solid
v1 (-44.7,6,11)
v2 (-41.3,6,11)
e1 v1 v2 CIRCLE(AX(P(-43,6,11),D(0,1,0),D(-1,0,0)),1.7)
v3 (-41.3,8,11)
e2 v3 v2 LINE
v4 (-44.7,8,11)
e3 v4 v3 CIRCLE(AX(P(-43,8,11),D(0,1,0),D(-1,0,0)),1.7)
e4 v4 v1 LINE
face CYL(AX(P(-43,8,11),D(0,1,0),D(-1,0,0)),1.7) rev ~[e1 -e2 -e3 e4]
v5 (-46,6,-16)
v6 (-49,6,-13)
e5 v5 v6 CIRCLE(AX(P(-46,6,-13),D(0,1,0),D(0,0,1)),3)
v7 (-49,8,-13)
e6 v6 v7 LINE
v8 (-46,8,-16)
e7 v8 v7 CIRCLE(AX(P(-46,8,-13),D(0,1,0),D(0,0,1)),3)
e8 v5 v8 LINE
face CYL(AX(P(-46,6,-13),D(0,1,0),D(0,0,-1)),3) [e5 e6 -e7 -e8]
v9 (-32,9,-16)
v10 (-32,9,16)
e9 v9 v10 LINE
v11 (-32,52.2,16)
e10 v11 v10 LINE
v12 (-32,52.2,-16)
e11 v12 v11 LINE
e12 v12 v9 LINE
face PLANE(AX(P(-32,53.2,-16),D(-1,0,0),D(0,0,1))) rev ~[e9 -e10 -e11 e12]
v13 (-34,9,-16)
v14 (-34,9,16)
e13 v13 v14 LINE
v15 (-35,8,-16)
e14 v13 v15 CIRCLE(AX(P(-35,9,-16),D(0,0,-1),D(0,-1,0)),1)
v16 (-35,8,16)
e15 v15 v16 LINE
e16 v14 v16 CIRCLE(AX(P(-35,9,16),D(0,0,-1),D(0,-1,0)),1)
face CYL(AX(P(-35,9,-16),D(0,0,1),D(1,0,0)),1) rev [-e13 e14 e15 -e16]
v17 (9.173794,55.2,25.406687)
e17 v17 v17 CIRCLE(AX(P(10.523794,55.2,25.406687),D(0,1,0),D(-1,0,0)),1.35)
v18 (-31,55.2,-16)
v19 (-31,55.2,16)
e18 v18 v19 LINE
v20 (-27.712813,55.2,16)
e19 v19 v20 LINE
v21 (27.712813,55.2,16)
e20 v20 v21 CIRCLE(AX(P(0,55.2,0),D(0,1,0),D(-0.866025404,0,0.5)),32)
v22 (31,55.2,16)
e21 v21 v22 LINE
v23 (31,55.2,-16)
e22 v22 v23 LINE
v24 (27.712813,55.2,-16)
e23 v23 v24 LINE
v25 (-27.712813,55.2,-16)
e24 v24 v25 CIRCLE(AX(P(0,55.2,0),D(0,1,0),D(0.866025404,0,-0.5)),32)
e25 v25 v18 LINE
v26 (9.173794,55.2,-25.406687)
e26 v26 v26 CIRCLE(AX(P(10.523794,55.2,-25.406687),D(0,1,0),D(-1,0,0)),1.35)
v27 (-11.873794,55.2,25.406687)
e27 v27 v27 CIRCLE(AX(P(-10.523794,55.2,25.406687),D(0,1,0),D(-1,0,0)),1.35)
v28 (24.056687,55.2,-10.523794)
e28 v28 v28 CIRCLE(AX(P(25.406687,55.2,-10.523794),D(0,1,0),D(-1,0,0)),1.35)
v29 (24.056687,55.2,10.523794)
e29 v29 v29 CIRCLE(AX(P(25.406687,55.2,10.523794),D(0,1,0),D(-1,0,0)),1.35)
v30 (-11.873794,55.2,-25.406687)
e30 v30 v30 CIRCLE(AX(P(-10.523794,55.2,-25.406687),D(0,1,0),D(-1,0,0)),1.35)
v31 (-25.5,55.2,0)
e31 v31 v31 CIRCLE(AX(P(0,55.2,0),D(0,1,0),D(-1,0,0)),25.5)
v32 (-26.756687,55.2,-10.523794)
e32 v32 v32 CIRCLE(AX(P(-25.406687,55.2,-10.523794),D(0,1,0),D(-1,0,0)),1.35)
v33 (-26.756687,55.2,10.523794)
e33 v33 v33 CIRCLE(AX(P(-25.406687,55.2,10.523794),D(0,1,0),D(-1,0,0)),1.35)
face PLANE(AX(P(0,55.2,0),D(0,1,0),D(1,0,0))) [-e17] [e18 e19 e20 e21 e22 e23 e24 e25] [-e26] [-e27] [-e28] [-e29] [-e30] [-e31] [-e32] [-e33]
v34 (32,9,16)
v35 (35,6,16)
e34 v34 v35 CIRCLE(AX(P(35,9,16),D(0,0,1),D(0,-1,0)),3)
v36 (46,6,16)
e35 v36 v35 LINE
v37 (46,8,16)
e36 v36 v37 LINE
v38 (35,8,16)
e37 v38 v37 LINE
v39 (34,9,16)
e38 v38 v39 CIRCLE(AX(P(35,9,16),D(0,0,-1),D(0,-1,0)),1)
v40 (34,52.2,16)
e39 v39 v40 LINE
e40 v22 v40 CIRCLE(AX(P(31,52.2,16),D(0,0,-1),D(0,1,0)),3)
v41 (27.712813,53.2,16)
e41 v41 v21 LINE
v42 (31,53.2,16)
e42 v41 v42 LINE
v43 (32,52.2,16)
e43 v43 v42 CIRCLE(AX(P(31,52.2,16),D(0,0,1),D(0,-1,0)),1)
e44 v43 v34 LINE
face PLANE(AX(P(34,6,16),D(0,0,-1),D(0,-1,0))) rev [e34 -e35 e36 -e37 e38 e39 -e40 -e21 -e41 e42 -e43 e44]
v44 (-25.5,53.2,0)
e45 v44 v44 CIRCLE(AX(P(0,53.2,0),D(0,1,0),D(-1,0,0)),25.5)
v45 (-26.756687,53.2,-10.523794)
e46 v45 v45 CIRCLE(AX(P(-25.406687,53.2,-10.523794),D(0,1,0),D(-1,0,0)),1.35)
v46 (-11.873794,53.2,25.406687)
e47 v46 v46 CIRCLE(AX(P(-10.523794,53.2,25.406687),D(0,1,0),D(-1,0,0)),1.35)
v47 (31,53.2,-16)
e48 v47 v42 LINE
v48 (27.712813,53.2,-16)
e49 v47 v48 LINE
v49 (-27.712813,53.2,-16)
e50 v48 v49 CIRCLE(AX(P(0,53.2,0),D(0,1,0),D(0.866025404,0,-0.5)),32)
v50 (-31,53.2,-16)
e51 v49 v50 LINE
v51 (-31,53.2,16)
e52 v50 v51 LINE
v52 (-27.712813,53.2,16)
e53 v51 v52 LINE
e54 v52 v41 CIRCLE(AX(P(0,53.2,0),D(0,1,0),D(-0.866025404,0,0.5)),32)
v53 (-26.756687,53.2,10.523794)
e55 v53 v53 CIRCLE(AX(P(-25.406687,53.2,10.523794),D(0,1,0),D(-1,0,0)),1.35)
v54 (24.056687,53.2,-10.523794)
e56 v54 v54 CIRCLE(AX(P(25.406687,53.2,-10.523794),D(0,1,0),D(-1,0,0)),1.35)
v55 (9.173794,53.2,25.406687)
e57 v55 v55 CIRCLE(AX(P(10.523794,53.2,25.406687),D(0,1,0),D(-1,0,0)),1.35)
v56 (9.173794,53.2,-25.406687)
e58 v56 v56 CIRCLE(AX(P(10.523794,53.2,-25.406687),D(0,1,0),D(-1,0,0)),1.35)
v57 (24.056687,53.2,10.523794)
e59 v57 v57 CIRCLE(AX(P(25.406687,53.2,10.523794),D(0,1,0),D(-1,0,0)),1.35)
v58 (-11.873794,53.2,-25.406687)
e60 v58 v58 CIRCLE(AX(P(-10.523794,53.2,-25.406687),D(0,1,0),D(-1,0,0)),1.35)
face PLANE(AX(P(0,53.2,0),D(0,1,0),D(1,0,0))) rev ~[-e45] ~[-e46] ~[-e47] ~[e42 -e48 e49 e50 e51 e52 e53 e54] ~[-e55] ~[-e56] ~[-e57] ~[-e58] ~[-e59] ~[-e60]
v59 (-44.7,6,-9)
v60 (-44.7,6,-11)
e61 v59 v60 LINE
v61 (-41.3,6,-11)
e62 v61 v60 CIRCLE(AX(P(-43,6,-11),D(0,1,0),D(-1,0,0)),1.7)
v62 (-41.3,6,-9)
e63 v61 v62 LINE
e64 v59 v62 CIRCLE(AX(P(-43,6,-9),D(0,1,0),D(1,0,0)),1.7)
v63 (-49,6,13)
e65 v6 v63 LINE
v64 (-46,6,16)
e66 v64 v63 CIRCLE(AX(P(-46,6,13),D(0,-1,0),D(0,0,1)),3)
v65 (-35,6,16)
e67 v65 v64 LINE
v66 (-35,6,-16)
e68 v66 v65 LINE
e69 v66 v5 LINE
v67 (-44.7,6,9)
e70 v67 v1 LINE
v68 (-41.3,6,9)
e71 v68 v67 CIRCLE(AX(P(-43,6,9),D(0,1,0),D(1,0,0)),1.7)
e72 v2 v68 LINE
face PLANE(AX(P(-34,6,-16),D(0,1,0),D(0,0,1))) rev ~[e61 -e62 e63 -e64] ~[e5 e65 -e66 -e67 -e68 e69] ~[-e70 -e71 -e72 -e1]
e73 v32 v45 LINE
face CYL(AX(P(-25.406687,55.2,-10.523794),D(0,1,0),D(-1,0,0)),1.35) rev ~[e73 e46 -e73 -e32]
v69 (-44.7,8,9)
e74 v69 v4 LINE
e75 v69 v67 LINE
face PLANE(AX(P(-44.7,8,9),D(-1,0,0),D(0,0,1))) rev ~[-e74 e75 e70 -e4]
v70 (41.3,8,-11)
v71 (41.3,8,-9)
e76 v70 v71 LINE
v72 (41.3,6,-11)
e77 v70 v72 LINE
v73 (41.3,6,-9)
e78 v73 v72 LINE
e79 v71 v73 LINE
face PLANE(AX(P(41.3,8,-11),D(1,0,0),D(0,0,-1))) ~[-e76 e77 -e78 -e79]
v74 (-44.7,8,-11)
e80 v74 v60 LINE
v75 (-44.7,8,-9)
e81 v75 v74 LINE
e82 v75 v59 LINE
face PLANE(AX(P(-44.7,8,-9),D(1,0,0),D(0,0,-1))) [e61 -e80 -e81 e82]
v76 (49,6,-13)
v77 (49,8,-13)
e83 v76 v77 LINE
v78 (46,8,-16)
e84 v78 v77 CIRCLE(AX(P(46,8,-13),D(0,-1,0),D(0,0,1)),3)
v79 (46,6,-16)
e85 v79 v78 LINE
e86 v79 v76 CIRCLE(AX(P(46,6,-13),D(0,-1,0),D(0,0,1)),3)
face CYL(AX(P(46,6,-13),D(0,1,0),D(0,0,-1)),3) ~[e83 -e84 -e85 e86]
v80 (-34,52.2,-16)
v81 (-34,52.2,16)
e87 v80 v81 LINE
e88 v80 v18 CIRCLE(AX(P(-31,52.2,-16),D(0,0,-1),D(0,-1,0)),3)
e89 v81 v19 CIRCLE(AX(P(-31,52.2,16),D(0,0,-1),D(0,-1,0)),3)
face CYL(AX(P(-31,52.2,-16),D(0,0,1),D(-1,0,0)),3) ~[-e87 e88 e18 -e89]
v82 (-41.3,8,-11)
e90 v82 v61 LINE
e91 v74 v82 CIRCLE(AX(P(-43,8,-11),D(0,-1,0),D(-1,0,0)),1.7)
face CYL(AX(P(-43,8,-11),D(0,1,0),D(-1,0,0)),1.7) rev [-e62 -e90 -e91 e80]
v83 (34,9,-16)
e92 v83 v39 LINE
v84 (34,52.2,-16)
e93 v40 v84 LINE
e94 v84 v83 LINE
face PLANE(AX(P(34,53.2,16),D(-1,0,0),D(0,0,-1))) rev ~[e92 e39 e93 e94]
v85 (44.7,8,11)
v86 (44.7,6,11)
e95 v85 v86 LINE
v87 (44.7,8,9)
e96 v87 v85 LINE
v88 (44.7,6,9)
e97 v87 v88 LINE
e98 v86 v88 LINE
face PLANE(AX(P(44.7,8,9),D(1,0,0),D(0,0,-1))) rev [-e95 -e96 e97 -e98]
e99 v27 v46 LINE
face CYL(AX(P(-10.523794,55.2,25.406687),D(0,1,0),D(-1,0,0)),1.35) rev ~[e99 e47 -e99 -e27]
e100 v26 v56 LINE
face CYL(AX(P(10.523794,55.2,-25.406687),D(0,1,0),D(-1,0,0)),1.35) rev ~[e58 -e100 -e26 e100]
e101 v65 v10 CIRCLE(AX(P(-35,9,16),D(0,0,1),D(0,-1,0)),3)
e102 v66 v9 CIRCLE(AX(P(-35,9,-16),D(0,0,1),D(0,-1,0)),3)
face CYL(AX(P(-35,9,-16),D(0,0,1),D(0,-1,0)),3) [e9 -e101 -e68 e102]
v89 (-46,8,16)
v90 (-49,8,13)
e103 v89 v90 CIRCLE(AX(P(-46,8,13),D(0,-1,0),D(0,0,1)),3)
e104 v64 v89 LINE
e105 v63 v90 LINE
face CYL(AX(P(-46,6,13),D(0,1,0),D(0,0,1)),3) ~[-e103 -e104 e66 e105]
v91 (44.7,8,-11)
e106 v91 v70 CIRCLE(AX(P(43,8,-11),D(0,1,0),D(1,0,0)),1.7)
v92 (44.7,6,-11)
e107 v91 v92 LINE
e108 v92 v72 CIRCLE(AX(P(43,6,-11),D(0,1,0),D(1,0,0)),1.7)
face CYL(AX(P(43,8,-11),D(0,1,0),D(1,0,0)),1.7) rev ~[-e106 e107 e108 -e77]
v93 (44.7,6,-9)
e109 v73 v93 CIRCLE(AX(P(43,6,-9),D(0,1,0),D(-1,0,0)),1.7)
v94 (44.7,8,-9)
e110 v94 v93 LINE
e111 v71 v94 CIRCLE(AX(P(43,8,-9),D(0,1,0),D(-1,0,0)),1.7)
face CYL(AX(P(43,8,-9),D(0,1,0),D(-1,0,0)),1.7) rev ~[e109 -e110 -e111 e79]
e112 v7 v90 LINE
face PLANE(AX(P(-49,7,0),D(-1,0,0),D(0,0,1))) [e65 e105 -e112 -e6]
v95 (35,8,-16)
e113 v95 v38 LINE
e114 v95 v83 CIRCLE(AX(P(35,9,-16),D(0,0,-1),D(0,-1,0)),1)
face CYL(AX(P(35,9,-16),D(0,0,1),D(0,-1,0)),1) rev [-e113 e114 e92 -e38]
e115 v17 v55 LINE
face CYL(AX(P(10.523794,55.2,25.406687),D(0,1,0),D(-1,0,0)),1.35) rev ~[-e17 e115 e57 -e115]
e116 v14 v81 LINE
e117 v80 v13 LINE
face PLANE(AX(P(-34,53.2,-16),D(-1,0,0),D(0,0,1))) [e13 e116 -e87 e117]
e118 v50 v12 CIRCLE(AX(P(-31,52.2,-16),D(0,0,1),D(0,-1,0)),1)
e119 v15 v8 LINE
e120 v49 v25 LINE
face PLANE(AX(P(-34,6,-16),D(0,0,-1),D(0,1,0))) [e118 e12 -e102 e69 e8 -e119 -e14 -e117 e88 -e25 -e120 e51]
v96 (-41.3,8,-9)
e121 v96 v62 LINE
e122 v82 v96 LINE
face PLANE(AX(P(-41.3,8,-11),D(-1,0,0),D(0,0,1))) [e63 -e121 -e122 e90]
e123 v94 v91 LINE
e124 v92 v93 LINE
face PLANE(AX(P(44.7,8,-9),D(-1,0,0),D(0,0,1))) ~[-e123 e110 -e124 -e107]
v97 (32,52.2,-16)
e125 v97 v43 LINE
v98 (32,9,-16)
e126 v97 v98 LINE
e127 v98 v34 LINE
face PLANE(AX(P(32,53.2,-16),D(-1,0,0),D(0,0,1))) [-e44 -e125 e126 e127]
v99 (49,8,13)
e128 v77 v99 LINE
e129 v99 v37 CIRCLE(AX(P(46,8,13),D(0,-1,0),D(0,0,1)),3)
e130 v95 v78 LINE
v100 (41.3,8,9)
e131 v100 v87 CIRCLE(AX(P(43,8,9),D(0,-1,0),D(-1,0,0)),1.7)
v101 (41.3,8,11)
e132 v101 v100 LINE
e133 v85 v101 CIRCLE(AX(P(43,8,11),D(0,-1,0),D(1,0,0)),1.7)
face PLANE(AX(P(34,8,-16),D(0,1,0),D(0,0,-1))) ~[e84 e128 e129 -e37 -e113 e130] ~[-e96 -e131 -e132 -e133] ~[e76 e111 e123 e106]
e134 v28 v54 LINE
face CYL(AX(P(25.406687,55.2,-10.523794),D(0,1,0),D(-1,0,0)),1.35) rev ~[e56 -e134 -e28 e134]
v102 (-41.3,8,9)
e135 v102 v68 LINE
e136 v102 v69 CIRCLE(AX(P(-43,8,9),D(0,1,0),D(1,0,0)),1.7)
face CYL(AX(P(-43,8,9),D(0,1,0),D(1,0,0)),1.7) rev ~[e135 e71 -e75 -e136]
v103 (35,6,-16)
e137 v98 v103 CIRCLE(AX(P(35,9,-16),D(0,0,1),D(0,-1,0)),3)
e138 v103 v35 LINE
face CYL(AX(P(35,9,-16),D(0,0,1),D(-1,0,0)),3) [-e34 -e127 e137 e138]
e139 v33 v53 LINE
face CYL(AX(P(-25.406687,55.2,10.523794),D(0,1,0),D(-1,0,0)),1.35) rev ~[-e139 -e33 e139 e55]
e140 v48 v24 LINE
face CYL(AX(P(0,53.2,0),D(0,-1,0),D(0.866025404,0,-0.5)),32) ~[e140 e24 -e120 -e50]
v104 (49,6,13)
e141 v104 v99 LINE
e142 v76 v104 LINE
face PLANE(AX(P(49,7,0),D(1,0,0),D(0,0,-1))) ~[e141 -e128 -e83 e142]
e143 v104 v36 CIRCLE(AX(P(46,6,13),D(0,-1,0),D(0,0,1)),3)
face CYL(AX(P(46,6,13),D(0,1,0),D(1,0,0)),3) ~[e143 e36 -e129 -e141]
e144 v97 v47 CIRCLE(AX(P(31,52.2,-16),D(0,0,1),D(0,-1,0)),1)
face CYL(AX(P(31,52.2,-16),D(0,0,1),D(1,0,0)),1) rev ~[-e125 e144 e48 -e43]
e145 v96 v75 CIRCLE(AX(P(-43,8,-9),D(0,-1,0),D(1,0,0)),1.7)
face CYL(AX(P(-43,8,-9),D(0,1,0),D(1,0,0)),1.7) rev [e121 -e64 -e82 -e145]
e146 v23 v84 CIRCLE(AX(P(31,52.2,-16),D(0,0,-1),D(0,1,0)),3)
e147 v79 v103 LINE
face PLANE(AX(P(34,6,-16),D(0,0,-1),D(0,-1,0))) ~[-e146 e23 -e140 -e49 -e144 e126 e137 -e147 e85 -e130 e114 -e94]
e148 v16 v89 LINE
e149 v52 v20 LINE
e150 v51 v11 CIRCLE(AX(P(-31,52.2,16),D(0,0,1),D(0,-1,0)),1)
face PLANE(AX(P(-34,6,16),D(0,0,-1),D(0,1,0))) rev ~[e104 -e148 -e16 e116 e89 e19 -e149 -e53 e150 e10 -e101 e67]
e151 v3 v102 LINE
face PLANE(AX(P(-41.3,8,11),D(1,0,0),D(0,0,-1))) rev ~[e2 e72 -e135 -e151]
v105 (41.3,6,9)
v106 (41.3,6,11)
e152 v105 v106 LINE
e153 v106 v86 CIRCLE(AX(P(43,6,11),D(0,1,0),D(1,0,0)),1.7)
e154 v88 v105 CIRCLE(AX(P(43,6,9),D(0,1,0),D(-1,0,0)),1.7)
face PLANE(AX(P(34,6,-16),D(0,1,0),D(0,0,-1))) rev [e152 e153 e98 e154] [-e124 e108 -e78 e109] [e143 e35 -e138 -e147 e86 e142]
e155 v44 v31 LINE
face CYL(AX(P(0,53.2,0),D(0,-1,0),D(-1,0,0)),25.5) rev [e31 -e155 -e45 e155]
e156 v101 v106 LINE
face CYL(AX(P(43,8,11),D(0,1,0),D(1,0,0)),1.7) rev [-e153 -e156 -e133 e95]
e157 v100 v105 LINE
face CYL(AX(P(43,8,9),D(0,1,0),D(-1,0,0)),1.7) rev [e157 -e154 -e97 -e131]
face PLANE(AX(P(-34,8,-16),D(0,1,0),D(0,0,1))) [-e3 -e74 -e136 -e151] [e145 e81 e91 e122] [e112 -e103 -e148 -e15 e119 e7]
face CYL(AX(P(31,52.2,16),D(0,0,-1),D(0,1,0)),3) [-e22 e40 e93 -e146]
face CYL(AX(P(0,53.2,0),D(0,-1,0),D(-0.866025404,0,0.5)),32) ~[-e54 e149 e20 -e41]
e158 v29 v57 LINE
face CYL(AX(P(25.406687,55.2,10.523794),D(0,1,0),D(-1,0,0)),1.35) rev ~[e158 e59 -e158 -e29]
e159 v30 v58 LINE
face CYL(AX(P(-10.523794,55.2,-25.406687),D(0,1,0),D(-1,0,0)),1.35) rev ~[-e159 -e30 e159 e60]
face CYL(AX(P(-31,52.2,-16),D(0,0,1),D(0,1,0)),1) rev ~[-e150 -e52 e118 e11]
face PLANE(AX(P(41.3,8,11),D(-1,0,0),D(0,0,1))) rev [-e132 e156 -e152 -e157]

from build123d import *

# Parameters (mm, degrees)
SKETCH_1_R          = 25.5
EXTRUDE_1_DEPTH     = 2
SKETCH_2_W          = 2
SKETCH_2_H          = 32
EXTRUDE_2_DEPTH     = 47.2
SKETCH_3_W          = 32
SKETCH_3_H          = 2
EXTRUDE_3_DEPTH     = 15
FILLET_1_R          = 3
FILLET_2_R          = 1
SKETCH_4_R          = 1.35
CUT_EXTRUDE_1_DEPTH = 10
CUT_EXTRUDE_2_DEPTH = 10
FILLET_3_R          = 3


with BuildPart() as part:
    # 草图1 → 凸台-拉伸1 (new body)
    with BuildSketch(Plane(origin=(0, 53.2, 0), x_dir=(1, 0, 0), z_dir=(0, 1, 0))):
        with BuildLine():
            Line((-34, 16), (-34, -16))
            Line((-34, -16), (-27.712812921, -16))
            ThreePointArc((-27.712812921, -16), (0, -32), (27.712812921, -16))
            Line((27.712812921, -16), (34, -16))
            Line((34, -16), (34, 16))
            Line((34, 16), (27.712812921, 16))
            ThreePointArc((27.712812921, 16), (0, 32), (-27.712812921, 16))
            Line((-27.712812921, 16), (-34, 16))
        make_face()
        with Locations(Location((0, 0, 0), (0, 0, 180))):
            Circle(SKETCH_1_R, mode=Mode.SUBTRACT)
    extrude(amount=EXTRUDE_1_DEPTH)

    # 草图2 → 凸台-拉伸2 (add)
    with BuildSketch(Plane.XZ.offset(-53.2)):
        with Locations((-33, 0)):
            Rectangle(SKETCH_2_W, SKETCH_2_H)
        with Locations((33, 0)):
            Rectangle(SKETCH_2_W, SKETCH_2_H)
    extrude(amount=EXTRUDE_2_DEPTH)

    # 草图3 → 凸台-拉伸3 (add)
    with BuildSketch(Plane.ZY.offset(34)):
        with Locations((0, 7)):
            Rectangle(SKETCH_3_W, SKETCH_3_H)
    extrude_3 = extrude(amount=EXTRUDE_3_DEPTH)

    # 镜向1: 凸台-拉伸3 across plane
    add(extrude_3.mirror(Plane.ZY))

    # 圆角1
    fillet_1_edges = [part.edges().sort_by_distance(p)[0] for p in [
        (34, 55.2, 0),
        (-32, 6, 0),
        (32, 6, 0),
        (-34, 55.2, 0),
    ]]
    fillet(fillet_1_edges, radius=FILLET_1_R)

    # 圆角2
    fillet_2_edges = [part.edges().sort_by_distance(p)[0] for p in [
        (-32, 53.2, 0),
        (32, 53.2, 0),
        (-34, 8, 0),
        (34, 8, 0),
    ]]
    fillet(fillet_2_edges, radius=FILLET_2_R)

    # 草图4 → 切除-拉伸1 (cut)
    with BuildSketch(Plane(origin=(0, 55.2, 0), x_dir=(1, 0, 0), z_dir=(0, 1, 0))):
        with Locations(Location((-10.52379439, 25.406687144, 0), (0, 0, 180))):
            Circle(SKETCH_4_R)
        with Locations(Location((10.52379439, 25.406687144, 0), (0, 0, 180))):
            Circle(SKETCH_4_R)
        with Locations(Location((25.406687144, 10.52379439, 0), (0, 0, 180))):
            Circle(SKETCH_4_R)
        with Locations(Location((25.406687144, -10.52379439, 0), (0, 0, 180))):
            Circle(SKETCH_4_R)
        with Locations(Location((10.52379439, -25.406687144, 0), (0, 0, 180))):
            Circle(SKETCH_4_R)
        with Locations(Location((-10.52379439, -25.406687144, 0), (0, 0, 180))):
            Circle(SKETCH_4_R)
        with Locations(Location((-25.406687144, -10.52379439, 0), (0, 0, 180))):
            Circle(SKETCH_4_R)
        with Locations(Location((-25.406687144, 10.52379439, 0), (0, 0, 180))):
            Circle(SKETCH_4_R)
    extrude(amount=-CUT_EXTRUDE_1_DEPTH, mode=Mode.SUBTRACT)

    # 草图6 → 切除-拉伸2 (cut)
    with BuildSketch(Plane(origin=(0, 8, 0), x_dir=(1, 0, 0), z_dir=(0, 1, 0))):
        with BuildLine():
            Line((-41.3, 11), (-41.3, 9))
            ThreePointArc((-41.3, 9), (-43, 7.3), (-44.7, 9))
            Line((-44.7, 9), (-44.7, 11))
            ThreePointArc((-44.7, 11), (-43, 12.7), (-41.3, 11))
        make_face()
        with BuildLine():
            Line((-41.3, -11), (-41.3, -9))
            ThreePointArc((-41.3, -9), (-43, -7.3), (-44.7, -9))
            Line((-44.7, -9), (-44.7, -11))
            ThreePointArc((-44.7, -11), (-43, -12.7), (-41.3, -11))
        make_face()
    cut_extrude_2 = extrude(amount=-CUT_EXTRUDE_2_DEPTH, mode=Mode.SUBTRACT)

    # 镜向2: 切除-拉伸2 across plane
    add(cut_extrude_2.mirror(Plane.ZY), mode=Mode.SUBTRACT)

    # 圆角3
    fillet_3_edges = [part.edges().sort_by_distance(p)[0] for p in [
        (-49, 7, 16),
        (-49, 7, -16),
        (49, 7, 16),
        (49, 7, -16),
    ]]
    fillet(fillet_3_edges, radius=FILLET_3_R)


solid = part.part
